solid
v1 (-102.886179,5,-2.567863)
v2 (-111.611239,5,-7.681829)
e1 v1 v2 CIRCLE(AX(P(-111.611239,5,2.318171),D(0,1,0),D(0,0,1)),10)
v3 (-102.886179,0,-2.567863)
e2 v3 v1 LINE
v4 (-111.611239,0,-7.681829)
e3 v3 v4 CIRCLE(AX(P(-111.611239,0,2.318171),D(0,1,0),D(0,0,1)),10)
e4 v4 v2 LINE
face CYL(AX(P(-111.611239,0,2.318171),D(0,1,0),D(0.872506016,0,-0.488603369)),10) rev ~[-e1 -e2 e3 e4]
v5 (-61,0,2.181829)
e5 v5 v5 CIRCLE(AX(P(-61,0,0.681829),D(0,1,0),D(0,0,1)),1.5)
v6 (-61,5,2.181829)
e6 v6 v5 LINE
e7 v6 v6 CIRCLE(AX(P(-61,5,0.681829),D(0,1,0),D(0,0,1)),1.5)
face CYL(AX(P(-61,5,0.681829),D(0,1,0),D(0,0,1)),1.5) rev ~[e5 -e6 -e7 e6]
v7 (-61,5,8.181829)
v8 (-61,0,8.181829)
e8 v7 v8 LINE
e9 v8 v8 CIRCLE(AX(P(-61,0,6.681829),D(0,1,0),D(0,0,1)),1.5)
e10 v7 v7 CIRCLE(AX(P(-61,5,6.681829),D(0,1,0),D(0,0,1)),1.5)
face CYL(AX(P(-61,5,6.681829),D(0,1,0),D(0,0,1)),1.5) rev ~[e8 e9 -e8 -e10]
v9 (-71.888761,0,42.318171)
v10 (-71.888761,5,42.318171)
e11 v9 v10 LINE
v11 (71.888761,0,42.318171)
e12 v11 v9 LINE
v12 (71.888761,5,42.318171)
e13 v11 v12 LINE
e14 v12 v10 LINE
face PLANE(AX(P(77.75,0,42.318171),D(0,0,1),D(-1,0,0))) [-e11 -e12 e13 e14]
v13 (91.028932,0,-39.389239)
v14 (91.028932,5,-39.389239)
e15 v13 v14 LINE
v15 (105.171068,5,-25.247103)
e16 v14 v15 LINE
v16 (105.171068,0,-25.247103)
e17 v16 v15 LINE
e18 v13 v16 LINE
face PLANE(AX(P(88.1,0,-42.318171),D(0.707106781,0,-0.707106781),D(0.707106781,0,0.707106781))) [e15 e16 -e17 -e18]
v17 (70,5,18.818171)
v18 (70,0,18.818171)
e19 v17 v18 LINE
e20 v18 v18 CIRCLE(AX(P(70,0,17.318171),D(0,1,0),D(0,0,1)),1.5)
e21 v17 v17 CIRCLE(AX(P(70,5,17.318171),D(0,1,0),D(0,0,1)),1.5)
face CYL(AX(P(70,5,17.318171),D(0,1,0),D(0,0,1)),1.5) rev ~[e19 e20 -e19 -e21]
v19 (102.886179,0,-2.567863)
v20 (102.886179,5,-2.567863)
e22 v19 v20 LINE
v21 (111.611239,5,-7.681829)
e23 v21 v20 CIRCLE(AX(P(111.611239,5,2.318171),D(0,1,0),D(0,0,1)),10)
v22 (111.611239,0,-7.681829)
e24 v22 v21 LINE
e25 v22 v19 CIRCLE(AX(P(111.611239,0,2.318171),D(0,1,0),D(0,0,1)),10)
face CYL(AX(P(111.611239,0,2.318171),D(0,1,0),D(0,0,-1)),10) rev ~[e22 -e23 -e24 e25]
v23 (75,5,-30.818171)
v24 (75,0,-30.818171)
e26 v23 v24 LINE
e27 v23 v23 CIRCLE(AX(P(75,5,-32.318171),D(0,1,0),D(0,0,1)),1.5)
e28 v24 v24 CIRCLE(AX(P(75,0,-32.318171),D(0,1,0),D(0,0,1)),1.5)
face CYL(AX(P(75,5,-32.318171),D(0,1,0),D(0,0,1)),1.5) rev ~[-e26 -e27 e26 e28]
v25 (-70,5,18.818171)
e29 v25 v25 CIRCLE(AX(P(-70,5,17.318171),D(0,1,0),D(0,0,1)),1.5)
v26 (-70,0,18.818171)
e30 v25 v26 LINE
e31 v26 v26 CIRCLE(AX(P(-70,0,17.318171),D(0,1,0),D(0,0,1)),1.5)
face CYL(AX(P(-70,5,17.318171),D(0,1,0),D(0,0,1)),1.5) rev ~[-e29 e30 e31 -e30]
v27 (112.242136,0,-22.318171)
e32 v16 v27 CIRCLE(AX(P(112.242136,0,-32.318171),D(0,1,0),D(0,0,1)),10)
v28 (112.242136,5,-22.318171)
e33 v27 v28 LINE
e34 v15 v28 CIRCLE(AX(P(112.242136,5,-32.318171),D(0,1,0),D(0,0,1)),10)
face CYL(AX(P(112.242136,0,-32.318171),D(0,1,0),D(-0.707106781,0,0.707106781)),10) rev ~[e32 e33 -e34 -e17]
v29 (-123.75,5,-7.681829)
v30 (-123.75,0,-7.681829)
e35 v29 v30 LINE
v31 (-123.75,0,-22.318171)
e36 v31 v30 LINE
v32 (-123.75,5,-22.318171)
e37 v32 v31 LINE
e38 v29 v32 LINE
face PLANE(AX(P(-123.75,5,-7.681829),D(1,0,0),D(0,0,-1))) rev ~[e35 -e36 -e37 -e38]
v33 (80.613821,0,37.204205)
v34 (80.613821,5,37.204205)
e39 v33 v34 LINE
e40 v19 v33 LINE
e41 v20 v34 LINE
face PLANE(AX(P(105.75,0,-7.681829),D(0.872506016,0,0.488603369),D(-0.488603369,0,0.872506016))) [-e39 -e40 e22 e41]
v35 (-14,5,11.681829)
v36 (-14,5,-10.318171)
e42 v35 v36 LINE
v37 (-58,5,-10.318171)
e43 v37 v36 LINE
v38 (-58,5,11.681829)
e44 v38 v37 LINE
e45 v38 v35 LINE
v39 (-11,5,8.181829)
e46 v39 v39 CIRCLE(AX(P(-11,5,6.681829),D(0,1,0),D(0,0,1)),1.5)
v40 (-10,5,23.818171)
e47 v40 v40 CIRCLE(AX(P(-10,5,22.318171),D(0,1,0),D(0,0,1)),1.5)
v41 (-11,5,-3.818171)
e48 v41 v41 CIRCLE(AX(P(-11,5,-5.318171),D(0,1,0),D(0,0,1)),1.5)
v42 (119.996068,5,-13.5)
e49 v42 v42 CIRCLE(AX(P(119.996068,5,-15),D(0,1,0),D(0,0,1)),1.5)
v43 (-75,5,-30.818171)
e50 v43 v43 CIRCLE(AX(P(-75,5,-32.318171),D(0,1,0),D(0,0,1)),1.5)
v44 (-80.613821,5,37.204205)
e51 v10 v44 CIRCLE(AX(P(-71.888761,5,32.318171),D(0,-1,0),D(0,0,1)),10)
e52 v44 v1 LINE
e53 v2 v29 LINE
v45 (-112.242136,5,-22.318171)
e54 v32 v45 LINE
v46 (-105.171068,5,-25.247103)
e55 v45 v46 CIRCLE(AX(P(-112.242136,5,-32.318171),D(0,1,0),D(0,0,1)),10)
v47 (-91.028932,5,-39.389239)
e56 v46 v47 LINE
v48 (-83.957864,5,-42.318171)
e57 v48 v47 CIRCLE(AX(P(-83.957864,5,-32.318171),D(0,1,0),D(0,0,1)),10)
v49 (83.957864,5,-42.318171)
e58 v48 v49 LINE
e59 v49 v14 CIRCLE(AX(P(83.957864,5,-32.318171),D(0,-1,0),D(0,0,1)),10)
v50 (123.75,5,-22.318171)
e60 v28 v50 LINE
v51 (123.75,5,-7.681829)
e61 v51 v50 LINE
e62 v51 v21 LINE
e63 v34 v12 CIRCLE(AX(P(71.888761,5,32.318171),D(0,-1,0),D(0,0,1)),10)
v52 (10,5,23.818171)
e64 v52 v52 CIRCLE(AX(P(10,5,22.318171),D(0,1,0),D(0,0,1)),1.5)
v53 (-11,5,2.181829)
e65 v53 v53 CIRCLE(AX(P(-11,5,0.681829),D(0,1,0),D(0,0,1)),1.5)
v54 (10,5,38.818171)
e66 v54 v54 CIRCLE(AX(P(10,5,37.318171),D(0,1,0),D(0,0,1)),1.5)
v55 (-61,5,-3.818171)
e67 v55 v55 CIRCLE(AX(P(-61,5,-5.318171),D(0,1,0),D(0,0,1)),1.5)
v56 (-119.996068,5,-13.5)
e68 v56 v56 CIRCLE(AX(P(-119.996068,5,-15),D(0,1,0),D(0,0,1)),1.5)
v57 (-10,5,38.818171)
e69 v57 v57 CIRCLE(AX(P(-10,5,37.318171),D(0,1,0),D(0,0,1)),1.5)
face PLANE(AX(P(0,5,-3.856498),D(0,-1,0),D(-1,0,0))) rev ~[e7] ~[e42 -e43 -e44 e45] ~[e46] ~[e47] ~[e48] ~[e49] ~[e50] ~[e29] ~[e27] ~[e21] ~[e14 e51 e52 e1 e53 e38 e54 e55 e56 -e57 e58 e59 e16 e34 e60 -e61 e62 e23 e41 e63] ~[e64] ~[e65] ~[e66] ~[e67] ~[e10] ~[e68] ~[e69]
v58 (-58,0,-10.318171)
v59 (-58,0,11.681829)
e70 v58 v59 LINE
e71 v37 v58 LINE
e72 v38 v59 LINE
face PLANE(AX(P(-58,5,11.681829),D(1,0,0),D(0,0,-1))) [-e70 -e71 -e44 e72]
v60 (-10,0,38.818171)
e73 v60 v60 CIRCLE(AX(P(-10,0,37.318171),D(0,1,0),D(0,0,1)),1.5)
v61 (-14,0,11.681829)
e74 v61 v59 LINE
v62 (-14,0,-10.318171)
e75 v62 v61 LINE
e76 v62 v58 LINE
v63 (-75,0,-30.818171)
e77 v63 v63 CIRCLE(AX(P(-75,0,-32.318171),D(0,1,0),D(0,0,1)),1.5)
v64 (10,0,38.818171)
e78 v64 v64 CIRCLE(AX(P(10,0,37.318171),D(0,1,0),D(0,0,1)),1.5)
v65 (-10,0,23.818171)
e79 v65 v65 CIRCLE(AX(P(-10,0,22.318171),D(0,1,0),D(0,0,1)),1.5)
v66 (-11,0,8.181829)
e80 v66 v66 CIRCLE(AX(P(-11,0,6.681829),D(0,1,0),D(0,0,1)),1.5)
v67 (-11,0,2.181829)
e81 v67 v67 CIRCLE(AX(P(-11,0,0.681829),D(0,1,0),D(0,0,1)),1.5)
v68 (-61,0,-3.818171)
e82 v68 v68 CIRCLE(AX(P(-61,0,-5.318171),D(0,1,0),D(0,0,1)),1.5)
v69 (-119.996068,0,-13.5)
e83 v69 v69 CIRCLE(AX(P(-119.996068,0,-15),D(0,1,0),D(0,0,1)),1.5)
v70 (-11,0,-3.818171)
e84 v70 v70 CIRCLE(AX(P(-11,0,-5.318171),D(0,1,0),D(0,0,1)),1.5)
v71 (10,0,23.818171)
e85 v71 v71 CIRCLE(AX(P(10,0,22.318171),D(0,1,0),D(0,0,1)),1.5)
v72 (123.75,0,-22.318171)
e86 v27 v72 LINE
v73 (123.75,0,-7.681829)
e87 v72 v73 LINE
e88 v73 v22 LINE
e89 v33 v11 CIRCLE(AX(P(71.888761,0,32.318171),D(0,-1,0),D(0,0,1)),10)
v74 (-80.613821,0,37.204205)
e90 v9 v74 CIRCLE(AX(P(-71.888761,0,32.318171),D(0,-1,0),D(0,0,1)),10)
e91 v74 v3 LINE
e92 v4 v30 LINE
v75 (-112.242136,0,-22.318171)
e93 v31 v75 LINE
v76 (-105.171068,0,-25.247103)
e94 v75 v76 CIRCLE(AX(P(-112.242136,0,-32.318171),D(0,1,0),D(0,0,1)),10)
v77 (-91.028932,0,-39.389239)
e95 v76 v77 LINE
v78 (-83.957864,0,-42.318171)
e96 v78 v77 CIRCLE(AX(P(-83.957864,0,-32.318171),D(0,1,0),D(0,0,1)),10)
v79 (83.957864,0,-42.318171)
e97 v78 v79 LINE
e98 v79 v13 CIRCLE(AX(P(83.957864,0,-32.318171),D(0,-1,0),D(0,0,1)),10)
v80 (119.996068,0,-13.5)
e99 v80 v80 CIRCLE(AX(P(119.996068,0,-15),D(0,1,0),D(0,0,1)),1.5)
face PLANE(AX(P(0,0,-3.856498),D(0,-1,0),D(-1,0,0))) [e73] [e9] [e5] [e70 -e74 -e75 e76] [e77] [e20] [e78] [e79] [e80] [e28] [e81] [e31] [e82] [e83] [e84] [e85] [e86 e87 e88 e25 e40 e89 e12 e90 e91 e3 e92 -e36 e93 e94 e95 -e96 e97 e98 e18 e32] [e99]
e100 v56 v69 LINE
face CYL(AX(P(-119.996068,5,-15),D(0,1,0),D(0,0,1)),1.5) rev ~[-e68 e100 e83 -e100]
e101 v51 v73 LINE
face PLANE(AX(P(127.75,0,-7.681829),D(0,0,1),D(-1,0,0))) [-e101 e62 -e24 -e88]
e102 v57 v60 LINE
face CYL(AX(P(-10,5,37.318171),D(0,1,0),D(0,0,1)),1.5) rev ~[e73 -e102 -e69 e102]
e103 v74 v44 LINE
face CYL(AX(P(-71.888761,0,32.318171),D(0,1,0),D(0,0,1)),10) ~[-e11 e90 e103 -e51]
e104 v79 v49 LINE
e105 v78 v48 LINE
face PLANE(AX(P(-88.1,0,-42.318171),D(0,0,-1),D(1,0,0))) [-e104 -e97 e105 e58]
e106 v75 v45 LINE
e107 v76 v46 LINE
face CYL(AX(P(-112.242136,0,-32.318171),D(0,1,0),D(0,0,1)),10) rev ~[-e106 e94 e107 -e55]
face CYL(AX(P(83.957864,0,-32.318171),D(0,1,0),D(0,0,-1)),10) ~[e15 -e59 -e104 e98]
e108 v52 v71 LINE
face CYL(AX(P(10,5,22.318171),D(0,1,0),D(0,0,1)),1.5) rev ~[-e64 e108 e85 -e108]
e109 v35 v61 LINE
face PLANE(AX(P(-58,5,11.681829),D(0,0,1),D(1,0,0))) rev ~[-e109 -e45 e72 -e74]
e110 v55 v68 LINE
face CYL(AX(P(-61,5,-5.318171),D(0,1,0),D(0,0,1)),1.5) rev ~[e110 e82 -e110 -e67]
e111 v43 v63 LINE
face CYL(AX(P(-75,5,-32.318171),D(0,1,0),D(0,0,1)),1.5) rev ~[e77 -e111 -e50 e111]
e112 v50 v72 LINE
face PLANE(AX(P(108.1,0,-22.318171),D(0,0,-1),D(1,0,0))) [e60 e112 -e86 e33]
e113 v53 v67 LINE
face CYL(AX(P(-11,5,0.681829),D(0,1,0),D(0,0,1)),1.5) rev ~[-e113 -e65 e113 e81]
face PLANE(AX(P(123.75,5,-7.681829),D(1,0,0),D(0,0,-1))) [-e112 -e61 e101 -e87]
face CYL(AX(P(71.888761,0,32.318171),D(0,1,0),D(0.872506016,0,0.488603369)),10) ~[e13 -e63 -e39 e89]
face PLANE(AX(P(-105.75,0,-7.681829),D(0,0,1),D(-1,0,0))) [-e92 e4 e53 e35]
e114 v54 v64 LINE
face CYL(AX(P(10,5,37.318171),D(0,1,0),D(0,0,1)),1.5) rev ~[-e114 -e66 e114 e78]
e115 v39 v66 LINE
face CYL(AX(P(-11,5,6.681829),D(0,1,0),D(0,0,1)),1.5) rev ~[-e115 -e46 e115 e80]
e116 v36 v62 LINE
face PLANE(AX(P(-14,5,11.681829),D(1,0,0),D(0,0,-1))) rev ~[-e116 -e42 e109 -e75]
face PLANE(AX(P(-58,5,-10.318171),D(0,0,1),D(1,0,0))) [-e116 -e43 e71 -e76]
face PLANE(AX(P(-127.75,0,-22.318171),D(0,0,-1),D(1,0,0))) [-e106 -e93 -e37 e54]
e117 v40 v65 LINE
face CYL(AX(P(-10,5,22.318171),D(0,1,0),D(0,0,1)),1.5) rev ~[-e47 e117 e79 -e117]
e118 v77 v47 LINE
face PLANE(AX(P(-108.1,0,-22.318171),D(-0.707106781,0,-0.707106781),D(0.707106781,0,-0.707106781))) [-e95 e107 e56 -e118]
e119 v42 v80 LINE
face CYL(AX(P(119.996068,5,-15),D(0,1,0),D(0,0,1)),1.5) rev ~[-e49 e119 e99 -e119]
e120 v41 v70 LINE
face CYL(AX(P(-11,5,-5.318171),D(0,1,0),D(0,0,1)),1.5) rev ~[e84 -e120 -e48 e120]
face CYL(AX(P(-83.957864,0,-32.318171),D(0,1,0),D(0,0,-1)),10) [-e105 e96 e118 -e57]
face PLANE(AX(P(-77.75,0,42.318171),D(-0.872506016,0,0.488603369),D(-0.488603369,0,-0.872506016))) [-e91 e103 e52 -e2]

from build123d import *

# Parameters (mm, degrees)
SALIENTE_EXTRUIR1_DEPTH = 5
REDONDEO1_R             = 10
CROQUIS2_R              = 1.5
CROQUIS2_W              = 42
CROQUIS2_H              = 20
CORTAR_EXTRUIR1_DEPTH   = 135.669558943
CROQUIS3_W              = 4
CROQUIS3_H              = 14.636342218
CORTAR_EXTRUIR2_DEPTH   = 135.669558943
CROQUIS4_W              = 44
CROQUIS4_H              = 22
CORTAR_EXTRUIR3_DEPTH   = 131.881206084


with BuildPart() as part:
    # Croquis1 → Saliente-Extruir1 (new body)
    with BuildSketch(Plane(origin=(0, 0, 0), x_dir=(1, 0, 0), z_dir=(0, 1, 0))):
        Polygon((-88.1, 42.318171109), (88.1, 42.318171109), (108.1, 22.318171109), (127.75, 22.318171109), (127.75, 7.681828891), (105.75, 7.681828891), (77.75, -42.318171109), (-77.75, -42.318171109), (-105.75, 7.681828891), (-127.75, 7.681828891), (-127.75, 22.318171109), (-108.1, 22.318171109), align=None)
    extrude(amount=SALIENTE_EXTRUIR1_DEPTH)

    # Redondeo1
    redondeo1_edges = [part.edges().sort_by_distance(p)[0] for p in [
        (-88.1, 2.5, -42.318171109),
        (88.1, 2.5, -42.318171109),
        (108.1, 2.5, -22.318171109),
        (105.75, 2.5, -7.681828891),
        (77.75, 2.5, 42.318171109),
        (-77.75, 2.5, 42.318171109),
        (-105.75, 2.5, -7.681828891),
        (-108.1, 2.5, -22.318171109),
    ]]
    fillet(redondeo1_edges, radius=REDONDEO1_R)

    # Croquis2 → Cortar-Extruir1 (cut, through all)
    with BuildSketch(Plane(origin=(0, 5, 0), x_dir=(1, 0, 0), z_dir=(0, 1, 0))):
        with Locations(Location((70, -17.318171109, 0), (0, 0, 270))):
            Circle(CROQUIS2_R)
        with Locations(Location((-70, -17.318171109, 0), (0, 0, 270))):
            Circle(CROQUIS2_R)
        with Locations(Location((-119.996067812, 15, 0), (0, 0, 270))):
            Circle(CROQUIS2_R)
        with Locations(Location((119.996067812, 15, 0), (0, 0, 270))):
            Circle(CROQUIS2_R)
        with Locations(Location((-75, 32.318171109, 0), (0, 0, 270))):
            Circle(CROQUIS2_R)
        with Locations(Location((75, 32.318171109, 0), (0, 0, 270))):
            Circle(CROQUIS2_R)
        with Locations(Location((-10, -22.318171109, 0), (0, 0, 270))):
            Circle(CROQUIS2_R)
        with Locations(Location((10, -22.318171109, 0), (0, 0, 270))):
            Circle(CROQUIS2_R)
        with Locations(Location((-10, -37.318171109, 0), (0, 0, 270))):
            Circle(CROQUIS2_R)
        with Locations(Location((10, -37.318171109, 0), (0, 0, 270))):
            Circle(CROQUIS2_R)
        with Locations(Location((-61, -0.681828891, 0), (0, 0, 270))):
            Circle(CROQUIS2_R)
        with Locations(Location((-11, -0.681828891, 0), (0, 0, 270))):
            Circle(CROQUIS2_R)
        with Locations(Location((-61, 5.318171109, 0), (0, 0, 270))):
            Circle(CROQUIS2_R)
        with Locations(Location((-61, -6.681828891, 0), (0, 0, 270))):
            Circle(CROQUIS2_R)
        with Locations(Location((-11, 5.318171109, 0), (0, 0, 270))):
            Circle(CROQUIS2_R)
        with Locations(Location((-11, -6.681828891, 0), (0, 0, 270))):
            Circle(CROQUIS2_R)
        with Locations((-36, -0.681828891)):
            Rectangle(CROQUIS2_W, CROQUIS2_H)
    extrude(amount=-CORTAR_EXTRUIR1_DEPTH, mode=Mode.SUBTRACT)

    # Croquis3 → Cortar-Extruir2 (cut, through all)
    with BuildSketch(Plane(origin=(0, 5, 0), x_dir=(1, 0, 0), z_dir=(0, 1, 0))):
        with Locations((-125.75, 15)):
            Rectangle(CROQUIS3_W, CROQUIS3_H)
        with Locations((125.75, 15)):
            Rectangle(CROQUIS3_W, CROQUIS3_H)
    extrude(amount=-CORTAR_EXTRUIR2_DEPTH, mode=Mode.SUBTRACT)

    # Croquis4 → Cortar-Extruir3 (cut, through all)
    with BuildSketch(Plane(origin=(0, 5, 0), x_dir=(1, 0, 0), z_dir=(0, 1, 0))):
        with Locations((-36, -0.681828891)):
            Rectangle(CROQUIS4_W, CROQUIS4_H)
    extrude(amount=-CORTAR_EXTRUIR3_DEPTH, mode=Mode.SUBTRACT)


solid = part.part
